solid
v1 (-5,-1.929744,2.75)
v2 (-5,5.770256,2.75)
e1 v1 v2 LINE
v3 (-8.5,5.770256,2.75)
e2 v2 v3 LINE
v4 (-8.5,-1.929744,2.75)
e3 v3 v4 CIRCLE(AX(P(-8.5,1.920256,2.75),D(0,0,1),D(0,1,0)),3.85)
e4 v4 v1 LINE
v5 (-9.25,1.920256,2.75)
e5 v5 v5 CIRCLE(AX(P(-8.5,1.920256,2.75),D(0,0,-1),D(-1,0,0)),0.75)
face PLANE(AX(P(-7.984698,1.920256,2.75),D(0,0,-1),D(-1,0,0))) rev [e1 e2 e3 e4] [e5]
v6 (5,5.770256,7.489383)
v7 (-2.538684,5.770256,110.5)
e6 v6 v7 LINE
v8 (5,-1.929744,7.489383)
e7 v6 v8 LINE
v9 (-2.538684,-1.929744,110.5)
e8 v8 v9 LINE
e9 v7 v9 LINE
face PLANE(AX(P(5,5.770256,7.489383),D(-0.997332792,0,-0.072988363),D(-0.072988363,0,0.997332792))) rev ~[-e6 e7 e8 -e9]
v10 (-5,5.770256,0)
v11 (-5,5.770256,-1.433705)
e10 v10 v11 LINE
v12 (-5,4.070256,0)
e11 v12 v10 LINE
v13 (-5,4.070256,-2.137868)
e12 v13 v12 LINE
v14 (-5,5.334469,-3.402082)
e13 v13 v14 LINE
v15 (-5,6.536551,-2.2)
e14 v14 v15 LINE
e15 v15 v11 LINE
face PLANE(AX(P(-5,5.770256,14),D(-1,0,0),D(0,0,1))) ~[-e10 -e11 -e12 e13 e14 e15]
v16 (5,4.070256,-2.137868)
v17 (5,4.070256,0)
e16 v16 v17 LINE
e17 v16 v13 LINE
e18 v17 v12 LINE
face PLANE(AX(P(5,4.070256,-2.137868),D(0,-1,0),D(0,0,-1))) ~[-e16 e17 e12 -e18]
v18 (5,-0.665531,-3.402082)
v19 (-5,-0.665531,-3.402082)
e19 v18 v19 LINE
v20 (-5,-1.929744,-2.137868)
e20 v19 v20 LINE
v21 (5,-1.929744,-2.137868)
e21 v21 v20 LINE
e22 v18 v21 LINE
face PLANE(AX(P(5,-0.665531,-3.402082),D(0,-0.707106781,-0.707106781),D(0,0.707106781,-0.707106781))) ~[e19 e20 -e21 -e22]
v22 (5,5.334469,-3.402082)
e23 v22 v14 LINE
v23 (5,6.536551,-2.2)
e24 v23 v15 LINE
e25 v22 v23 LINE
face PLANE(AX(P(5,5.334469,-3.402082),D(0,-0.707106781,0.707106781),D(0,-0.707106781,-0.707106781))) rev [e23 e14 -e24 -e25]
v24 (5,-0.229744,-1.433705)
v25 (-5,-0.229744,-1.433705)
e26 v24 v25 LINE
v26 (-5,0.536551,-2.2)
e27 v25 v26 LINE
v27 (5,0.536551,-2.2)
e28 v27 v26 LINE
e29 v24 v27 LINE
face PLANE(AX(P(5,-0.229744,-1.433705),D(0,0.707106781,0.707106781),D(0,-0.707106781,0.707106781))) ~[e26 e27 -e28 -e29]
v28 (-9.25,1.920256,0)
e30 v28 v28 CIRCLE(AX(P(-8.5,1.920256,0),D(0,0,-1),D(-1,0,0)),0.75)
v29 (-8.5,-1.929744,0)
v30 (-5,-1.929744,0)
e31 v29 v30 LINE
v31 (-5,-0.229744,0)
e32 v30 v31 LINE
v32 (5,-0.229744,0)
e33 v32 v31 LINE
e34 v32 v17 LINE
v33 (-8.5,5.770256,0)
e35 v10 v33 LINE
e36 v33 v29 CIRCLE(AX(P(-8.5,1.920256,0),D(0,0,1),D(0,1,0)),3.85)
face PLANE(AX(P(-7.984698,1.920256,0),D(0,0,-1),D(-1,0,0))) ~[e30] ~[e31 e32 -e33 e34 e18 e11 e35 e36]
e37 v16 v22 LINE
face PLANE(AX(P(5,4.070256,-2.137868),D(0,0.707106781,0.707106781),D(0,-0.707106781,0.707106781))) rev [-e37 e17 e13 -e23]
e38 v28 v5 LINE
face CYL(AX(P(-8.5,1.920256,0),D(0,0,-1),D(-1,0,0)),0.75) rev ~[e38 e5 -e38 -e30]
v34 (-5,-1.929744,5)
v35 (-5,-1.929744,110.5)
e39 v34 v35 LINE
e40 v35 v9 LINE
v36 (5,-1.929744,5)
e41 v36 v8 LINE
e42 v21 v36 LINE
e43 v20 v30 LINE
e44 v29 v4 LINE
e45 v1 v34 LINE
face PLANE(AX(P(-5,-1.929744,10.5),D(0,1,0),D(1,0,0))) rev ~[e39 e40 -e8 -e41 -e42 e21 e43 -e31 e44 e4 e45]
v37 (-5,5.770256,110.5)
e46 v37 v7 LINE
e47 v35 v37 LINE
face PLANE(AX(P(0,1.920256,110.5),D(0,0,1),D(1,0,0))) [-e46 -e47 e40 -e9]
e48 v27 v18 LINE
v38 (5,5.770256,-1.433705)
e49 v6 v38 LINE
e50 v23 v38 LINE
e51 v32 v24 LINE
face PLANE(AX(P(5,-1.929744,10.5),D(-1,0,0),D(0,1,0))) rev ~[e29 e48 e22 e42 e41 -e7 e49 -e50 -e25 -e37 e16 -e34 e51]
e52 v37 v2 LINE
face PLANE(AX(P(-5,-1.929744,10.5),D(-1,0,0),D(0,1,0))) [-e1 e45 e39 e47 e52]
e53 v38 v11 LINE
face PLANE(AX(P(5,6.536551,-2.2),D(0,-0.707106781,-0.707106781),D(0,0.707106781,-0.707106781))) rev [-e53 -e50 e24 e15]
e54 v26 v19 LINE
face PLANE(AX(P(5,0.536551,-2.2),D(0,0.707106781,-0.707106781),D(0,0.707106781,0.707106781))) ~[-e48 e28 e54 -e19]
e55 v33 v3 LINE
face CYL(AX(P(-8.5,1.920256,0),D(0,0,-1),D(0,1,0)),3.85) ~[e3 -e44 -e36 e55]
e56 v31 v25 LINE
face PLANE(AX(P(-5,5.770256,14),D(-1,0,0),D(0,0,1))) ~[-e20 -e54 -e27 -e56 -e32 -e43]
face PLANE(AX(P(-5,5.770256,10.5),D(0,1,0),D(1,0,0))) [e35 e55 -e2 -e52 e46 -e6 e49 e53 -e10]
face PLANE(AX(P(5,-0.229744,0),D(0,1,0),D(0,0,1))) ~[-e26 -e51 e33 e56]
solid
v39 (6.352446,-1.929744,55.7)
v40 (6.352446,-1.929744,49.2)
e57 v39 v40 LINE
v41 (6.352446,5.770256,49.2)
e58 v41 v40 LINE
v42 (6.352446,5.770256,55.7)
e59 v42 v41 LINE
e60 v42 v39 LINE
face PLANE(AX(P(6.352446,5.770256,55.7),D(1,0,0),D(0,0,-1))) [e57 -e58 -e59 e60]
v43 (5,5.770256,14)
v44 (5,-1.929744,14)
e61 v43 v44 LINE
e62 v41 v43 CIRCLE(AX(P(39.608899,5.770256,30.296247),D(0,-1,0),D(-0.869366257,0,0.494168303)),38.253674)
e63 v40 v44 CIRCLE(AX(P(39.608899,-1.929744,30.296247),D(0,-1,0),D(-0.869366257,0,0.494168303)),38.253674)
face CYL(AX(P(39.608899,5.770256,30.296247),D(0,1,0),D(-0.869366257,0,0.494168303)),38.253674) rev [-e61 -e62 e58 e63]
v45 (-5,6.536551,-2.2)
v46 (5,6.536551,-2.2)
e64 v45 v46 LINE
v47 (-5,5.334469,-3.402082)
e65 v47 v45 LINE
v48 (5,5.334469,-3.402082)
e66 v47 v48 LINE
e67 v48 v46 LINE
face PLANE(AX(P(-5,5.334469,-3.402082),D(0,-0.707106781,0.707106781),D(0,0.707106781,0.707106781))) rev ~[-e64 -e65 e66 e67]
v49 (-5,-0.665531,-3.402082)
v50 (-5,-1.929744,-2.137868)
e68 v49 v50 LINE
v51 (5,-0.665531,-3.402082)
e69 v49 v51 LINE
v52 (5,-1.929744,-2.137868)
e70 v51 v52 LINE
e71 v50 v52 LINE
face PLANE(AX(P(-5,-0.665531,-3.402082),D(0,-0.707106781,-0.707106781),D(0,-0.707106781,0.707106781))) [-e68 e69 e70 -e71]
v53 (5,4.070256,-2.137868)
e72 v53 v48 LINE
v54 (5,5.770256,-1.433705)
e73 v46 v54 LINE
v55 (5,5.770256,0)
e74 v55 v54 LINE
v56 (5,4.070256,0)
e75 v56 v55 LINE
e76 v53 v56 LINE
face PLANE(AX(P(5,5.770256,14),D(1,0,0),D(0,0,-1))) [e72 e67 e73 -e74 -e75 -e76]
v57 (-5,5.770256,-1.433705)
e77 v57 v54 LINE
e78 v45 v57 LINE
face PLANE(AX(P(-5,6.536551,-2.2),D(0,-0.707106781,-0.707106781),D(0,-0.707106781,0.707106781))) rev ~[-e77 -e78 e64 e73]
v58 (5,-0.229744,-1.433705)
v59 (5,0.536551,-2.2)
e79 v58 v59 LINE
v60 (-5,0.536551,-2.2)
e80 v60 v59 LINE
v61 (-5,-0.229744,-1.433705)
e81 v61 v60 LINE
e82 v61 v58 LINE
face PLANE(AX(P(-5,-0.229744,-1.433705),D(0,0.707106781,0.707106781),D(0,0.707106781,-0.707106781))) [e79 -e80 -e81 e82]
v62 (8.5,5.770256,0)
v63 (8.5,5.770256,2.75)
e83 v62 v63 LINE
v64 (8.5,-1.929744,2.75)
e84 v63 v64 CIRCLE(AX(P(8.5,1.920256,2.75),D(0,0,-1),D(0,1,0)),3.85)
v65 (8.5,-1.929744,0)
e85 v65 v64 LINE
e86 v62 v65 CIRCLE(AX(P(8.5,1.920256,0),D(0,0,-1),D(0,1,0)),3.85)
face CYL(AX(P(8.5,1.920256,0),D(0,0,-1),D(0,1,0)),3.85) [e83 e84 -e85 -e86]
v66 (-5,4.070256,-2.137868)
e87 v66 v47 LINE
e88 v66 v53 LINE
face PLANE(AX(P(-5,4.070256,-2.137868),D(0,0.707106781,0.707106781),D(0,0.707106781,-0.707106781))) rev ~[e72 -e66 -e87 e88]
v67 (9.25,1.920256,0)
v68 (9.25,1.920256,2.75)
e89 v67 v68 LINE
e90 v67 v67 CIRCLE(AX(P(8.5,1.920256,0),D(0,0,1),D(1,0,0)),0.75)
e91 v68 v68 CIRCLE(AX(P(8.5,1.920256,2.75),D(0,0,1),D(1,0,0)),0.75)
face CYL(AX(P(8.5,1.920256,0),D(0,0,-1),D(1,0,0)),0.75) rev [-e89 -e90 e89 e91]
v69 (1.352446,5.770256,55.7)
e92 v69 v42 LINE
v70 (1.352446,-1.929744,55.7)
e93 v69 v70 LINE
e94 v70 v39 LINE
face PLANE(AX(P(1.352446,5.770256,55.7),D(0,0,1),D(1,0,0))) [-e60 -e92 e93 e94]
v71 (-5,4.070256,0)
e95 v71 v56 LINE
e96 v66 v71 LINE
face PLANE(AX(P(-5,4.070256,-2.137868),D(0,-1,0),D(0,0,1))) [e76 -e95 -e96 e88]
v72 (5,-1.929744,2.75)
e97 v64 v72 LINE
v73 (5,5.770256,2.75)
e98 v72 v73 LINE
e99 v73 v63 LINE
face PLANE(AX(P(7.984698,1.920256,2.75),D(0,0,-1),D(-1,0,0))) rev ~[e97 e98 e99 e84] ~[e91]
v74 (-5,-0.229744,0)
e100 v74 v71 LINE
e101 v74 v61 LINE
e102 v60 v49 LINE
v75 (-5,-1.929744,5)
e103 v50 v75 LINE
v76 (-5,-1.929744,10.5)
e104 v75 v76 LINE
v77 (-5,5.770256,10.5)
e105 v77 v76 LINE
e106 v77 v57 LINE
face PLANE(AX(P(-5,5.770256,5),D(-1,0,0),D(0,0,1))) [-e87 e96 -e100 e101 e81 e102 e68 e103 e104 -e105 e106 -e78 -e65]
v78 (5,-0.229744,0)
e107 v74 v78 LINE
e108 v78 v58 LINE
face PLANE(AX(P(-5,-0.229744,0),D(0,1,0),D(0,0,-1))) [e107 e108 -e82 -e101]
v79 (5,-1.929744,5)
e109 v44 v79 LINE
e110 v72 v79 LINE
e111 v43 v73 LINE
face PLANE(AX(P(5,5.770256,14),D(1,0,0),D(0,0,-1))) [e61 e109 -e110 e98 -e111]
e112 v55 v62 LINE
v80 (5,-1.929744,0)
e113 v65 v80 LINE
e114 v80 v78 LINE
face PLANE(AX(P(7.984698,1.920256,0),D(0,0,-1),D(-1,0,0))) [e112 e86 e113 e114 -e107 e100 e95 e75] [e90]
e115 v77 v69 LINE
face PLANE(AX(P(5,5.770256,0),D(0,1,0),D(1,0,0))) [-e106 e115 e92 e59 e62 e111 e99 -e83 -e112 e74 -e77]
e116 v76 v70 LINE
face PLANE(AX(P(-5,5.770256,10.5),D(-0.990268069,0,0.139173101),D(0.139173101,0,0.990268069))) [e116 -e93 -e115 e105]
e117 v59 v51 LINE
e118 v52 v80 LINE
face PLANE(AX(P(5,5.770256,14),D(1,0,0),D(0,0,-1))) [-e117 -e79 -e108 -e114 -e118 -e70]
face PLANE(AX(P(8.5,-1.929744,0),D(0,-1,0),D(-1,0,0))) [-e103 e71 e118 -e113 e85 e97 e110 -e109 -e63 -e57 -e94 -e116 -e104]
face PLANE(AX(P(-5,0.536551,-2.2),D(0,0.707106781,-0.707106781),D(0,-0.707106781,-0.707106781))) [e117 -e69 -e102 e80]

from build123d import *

# Parameters (mm, degrees)
SKETCH2_W           = 10
SKETCH2_H           = 14.768412439
BOSS_EXTRUDE1_DEPTH = 5
BOSS_EXTRUDE4_DEPTH = 10
SKETCH9_W           = 10
SKETCH9_H           = 3.18
SKETCH9_H_2         = 3.888412439
CUT_EXTRUDE3_DEPTH  = 5
BOSS_EXTRUDE5_DEPTH = 7.7
SKETCH12_R          = 0.75
BOSS_EXTRUDE7_DEPTH = 2.75
FILLET1_R           = 2.5
SKETCH13_W          = 13.67386451
SKETCH13_H          = 47.62797089
CUT_EXTRUDE4_DEPTH  = 100
SKETCH14_W          = 10
SKETCH14_H          = 7.7
BOSS_EXTRUDE8_DEPTH = 100
CUT_EXTRUDE5_DEPTH  = 100


with BuildPart() as part:
    # Sketch2 → Boss-Extrude1 (new body)
    with BuildSketch(Plane.XY):
        with Locations((0, 1.566049366)):
            Rectangle(SKETCH2_W, SKETCH2_H)
    extrude(amount=BOSS_EXTRUDE1_DEPTH)

    # Sketch8 → Boss-Extrude4 (add)
    with BuildSketch(Plane.ZY.offset(5)):
        Polygon((-0.15, 5.770255585), (0, 5.770255585), (0, 4.070255585), (-0.15, 4.070255585), (-2.137867966, 4.070255585), (-3.402081528, 5.334469147), (-2.2, 6.536550675), (-1.43370491, 5.770255585), align=None)
        Polygon((-0.15, -1.929744415), (0, -1.929744415), (0, -0.229744415), (-0.15, -0.229744415), (-1.43370491, -0.229744415), (-2.2, 0.536550675), (-3.402081528, -0.665530853), (-2.137867966, -1.929744415), align=None)
    extrude(amount=-BOSS_EXTRUDE4_DEPTH)

    # Sketch9 → Cut-Extrude3 (cut)
    with BuildSketch(Plane(origin=(0, 0, 0), x_dir=(-1, 0, 0), z_dir=(0, 0, -1))):
        with Locations((0, 7.360255585)):
            Rectangle(SKETCH9_W, SKETCH9_H)
        with Locations((0, -3.873950635)):
            Rectangle(SKETCH9_W, SKETCH9_H_2)
    extrude(amount=-CUT_EXTRUDE3_DEPTH, mode=Mode.SUBTRACT)

    # Sketch10 → Boss-Extrude5 (add)
    with BuildSketch(Plane(origin=(0, 5.770255585, 0), x_dir=(1, 0, 0), z_dir=(0, 1, 0))):
        with BuildLine():
            Line((-5, -5), (-5, -10.5))
            Line((-5, -10.5), (1.352445729, -55.7))
            Line((1.352445729, -55.7), (6.352445729, -55.7))
            Line((6.352445729, -55.7), (6.352445729, -49.2))
            ThreePointArc((6.352445729, -49.2), (1.383429579, -31.764936646), (5, -14))
            Line((5, -14), (5, -5))
            Line((5, -5), (-5, -5))
        make_face()
    extrude(amount=-BOSS_EXTRUDE5_DEPTH)

    # Sketch12 → Boss-Extrude7 (add)
    with BuildSketch(Plane.XY):
        with BuildLine():
            Line((5, 5.770255585), (8.5, 5.770255585))
            ThreePointArc((8.5, 5.770255585), (12.35, 1.920255585), (8.5, -1.929744415))
            Line((8.5, -1.929744415), (5, -1.929744415))
            Line((5, -1.929744415), (5, 5.770255585))
        make_face()
        with Locations((8.5, 1.920255585)):
            Circle(SKETCH12_R, mode=Mode.SUBTRACT)
    extrude(amount=BOSS_EXTRUDE7_DEPTH)


with BuildPart() as body_2:
    # Mirror1: mirrored copy
    add(part.part.mirror(Plane(origin=(0, 0, 0), x_dir=(0, 0, 1), z_dir=(1, 0, 0))))

    # Fillet1
    fillet1_edges = [body_2.edges().sort_by_distance(p)[0] for p in [
        (-6.352445729, 1.920255585, 49.2),
        (-5, 1.920255585, 14),
        (-1.352445729, 1.920255585, 55.7),
        (-6.352445729, 1.920255585, 55.7),
    ]]
    fillet(fillet1_edges, radius=FILLET1_R)

    # Sketch13 → Cut-Extrude4 (cut)
    with BuildSketch(Plane(origin=(0, 5.770255585, 0), x_dir=(1, 0, 0), z_dir=(0, 1, 0))):
        with Locations((-1.836932255, -34.313985445)):
            Rectangle(SKETCH13_W, SKETCH13_H)
    extrude(amount=-CUT_EXTRUDE4_DEPTH, mode=Mode.SUBTRACT)

    # Sketch14 → Boss-Extrude8 (add)
    with BuildSketch(Plane.XY.offset(10.5)):
        with Locations((0, 1.920255585)):
            Rectangle(SKETCH14_W, SKETCH14_H)
    extrude(amount=BOSS_EXTRUDE8_DEPTH)

    # Sketch15 → Cut-Extrude5 (cut)
    with BuildSketch(Plane(origin=(0, 5.770255585, 0), x_dir=(1, 0, 0), z_dir=(0, 1, 0))):
        Polygon((5, -7.489382654), (-2.538683526, -110.5), (5, -110.5), align=None)
    extrude(amount=-CUT_EXTRUDE5_DEPTH, mode=Mode.SUBTRACT)


solid = Compound([part.part, body_2.part])
